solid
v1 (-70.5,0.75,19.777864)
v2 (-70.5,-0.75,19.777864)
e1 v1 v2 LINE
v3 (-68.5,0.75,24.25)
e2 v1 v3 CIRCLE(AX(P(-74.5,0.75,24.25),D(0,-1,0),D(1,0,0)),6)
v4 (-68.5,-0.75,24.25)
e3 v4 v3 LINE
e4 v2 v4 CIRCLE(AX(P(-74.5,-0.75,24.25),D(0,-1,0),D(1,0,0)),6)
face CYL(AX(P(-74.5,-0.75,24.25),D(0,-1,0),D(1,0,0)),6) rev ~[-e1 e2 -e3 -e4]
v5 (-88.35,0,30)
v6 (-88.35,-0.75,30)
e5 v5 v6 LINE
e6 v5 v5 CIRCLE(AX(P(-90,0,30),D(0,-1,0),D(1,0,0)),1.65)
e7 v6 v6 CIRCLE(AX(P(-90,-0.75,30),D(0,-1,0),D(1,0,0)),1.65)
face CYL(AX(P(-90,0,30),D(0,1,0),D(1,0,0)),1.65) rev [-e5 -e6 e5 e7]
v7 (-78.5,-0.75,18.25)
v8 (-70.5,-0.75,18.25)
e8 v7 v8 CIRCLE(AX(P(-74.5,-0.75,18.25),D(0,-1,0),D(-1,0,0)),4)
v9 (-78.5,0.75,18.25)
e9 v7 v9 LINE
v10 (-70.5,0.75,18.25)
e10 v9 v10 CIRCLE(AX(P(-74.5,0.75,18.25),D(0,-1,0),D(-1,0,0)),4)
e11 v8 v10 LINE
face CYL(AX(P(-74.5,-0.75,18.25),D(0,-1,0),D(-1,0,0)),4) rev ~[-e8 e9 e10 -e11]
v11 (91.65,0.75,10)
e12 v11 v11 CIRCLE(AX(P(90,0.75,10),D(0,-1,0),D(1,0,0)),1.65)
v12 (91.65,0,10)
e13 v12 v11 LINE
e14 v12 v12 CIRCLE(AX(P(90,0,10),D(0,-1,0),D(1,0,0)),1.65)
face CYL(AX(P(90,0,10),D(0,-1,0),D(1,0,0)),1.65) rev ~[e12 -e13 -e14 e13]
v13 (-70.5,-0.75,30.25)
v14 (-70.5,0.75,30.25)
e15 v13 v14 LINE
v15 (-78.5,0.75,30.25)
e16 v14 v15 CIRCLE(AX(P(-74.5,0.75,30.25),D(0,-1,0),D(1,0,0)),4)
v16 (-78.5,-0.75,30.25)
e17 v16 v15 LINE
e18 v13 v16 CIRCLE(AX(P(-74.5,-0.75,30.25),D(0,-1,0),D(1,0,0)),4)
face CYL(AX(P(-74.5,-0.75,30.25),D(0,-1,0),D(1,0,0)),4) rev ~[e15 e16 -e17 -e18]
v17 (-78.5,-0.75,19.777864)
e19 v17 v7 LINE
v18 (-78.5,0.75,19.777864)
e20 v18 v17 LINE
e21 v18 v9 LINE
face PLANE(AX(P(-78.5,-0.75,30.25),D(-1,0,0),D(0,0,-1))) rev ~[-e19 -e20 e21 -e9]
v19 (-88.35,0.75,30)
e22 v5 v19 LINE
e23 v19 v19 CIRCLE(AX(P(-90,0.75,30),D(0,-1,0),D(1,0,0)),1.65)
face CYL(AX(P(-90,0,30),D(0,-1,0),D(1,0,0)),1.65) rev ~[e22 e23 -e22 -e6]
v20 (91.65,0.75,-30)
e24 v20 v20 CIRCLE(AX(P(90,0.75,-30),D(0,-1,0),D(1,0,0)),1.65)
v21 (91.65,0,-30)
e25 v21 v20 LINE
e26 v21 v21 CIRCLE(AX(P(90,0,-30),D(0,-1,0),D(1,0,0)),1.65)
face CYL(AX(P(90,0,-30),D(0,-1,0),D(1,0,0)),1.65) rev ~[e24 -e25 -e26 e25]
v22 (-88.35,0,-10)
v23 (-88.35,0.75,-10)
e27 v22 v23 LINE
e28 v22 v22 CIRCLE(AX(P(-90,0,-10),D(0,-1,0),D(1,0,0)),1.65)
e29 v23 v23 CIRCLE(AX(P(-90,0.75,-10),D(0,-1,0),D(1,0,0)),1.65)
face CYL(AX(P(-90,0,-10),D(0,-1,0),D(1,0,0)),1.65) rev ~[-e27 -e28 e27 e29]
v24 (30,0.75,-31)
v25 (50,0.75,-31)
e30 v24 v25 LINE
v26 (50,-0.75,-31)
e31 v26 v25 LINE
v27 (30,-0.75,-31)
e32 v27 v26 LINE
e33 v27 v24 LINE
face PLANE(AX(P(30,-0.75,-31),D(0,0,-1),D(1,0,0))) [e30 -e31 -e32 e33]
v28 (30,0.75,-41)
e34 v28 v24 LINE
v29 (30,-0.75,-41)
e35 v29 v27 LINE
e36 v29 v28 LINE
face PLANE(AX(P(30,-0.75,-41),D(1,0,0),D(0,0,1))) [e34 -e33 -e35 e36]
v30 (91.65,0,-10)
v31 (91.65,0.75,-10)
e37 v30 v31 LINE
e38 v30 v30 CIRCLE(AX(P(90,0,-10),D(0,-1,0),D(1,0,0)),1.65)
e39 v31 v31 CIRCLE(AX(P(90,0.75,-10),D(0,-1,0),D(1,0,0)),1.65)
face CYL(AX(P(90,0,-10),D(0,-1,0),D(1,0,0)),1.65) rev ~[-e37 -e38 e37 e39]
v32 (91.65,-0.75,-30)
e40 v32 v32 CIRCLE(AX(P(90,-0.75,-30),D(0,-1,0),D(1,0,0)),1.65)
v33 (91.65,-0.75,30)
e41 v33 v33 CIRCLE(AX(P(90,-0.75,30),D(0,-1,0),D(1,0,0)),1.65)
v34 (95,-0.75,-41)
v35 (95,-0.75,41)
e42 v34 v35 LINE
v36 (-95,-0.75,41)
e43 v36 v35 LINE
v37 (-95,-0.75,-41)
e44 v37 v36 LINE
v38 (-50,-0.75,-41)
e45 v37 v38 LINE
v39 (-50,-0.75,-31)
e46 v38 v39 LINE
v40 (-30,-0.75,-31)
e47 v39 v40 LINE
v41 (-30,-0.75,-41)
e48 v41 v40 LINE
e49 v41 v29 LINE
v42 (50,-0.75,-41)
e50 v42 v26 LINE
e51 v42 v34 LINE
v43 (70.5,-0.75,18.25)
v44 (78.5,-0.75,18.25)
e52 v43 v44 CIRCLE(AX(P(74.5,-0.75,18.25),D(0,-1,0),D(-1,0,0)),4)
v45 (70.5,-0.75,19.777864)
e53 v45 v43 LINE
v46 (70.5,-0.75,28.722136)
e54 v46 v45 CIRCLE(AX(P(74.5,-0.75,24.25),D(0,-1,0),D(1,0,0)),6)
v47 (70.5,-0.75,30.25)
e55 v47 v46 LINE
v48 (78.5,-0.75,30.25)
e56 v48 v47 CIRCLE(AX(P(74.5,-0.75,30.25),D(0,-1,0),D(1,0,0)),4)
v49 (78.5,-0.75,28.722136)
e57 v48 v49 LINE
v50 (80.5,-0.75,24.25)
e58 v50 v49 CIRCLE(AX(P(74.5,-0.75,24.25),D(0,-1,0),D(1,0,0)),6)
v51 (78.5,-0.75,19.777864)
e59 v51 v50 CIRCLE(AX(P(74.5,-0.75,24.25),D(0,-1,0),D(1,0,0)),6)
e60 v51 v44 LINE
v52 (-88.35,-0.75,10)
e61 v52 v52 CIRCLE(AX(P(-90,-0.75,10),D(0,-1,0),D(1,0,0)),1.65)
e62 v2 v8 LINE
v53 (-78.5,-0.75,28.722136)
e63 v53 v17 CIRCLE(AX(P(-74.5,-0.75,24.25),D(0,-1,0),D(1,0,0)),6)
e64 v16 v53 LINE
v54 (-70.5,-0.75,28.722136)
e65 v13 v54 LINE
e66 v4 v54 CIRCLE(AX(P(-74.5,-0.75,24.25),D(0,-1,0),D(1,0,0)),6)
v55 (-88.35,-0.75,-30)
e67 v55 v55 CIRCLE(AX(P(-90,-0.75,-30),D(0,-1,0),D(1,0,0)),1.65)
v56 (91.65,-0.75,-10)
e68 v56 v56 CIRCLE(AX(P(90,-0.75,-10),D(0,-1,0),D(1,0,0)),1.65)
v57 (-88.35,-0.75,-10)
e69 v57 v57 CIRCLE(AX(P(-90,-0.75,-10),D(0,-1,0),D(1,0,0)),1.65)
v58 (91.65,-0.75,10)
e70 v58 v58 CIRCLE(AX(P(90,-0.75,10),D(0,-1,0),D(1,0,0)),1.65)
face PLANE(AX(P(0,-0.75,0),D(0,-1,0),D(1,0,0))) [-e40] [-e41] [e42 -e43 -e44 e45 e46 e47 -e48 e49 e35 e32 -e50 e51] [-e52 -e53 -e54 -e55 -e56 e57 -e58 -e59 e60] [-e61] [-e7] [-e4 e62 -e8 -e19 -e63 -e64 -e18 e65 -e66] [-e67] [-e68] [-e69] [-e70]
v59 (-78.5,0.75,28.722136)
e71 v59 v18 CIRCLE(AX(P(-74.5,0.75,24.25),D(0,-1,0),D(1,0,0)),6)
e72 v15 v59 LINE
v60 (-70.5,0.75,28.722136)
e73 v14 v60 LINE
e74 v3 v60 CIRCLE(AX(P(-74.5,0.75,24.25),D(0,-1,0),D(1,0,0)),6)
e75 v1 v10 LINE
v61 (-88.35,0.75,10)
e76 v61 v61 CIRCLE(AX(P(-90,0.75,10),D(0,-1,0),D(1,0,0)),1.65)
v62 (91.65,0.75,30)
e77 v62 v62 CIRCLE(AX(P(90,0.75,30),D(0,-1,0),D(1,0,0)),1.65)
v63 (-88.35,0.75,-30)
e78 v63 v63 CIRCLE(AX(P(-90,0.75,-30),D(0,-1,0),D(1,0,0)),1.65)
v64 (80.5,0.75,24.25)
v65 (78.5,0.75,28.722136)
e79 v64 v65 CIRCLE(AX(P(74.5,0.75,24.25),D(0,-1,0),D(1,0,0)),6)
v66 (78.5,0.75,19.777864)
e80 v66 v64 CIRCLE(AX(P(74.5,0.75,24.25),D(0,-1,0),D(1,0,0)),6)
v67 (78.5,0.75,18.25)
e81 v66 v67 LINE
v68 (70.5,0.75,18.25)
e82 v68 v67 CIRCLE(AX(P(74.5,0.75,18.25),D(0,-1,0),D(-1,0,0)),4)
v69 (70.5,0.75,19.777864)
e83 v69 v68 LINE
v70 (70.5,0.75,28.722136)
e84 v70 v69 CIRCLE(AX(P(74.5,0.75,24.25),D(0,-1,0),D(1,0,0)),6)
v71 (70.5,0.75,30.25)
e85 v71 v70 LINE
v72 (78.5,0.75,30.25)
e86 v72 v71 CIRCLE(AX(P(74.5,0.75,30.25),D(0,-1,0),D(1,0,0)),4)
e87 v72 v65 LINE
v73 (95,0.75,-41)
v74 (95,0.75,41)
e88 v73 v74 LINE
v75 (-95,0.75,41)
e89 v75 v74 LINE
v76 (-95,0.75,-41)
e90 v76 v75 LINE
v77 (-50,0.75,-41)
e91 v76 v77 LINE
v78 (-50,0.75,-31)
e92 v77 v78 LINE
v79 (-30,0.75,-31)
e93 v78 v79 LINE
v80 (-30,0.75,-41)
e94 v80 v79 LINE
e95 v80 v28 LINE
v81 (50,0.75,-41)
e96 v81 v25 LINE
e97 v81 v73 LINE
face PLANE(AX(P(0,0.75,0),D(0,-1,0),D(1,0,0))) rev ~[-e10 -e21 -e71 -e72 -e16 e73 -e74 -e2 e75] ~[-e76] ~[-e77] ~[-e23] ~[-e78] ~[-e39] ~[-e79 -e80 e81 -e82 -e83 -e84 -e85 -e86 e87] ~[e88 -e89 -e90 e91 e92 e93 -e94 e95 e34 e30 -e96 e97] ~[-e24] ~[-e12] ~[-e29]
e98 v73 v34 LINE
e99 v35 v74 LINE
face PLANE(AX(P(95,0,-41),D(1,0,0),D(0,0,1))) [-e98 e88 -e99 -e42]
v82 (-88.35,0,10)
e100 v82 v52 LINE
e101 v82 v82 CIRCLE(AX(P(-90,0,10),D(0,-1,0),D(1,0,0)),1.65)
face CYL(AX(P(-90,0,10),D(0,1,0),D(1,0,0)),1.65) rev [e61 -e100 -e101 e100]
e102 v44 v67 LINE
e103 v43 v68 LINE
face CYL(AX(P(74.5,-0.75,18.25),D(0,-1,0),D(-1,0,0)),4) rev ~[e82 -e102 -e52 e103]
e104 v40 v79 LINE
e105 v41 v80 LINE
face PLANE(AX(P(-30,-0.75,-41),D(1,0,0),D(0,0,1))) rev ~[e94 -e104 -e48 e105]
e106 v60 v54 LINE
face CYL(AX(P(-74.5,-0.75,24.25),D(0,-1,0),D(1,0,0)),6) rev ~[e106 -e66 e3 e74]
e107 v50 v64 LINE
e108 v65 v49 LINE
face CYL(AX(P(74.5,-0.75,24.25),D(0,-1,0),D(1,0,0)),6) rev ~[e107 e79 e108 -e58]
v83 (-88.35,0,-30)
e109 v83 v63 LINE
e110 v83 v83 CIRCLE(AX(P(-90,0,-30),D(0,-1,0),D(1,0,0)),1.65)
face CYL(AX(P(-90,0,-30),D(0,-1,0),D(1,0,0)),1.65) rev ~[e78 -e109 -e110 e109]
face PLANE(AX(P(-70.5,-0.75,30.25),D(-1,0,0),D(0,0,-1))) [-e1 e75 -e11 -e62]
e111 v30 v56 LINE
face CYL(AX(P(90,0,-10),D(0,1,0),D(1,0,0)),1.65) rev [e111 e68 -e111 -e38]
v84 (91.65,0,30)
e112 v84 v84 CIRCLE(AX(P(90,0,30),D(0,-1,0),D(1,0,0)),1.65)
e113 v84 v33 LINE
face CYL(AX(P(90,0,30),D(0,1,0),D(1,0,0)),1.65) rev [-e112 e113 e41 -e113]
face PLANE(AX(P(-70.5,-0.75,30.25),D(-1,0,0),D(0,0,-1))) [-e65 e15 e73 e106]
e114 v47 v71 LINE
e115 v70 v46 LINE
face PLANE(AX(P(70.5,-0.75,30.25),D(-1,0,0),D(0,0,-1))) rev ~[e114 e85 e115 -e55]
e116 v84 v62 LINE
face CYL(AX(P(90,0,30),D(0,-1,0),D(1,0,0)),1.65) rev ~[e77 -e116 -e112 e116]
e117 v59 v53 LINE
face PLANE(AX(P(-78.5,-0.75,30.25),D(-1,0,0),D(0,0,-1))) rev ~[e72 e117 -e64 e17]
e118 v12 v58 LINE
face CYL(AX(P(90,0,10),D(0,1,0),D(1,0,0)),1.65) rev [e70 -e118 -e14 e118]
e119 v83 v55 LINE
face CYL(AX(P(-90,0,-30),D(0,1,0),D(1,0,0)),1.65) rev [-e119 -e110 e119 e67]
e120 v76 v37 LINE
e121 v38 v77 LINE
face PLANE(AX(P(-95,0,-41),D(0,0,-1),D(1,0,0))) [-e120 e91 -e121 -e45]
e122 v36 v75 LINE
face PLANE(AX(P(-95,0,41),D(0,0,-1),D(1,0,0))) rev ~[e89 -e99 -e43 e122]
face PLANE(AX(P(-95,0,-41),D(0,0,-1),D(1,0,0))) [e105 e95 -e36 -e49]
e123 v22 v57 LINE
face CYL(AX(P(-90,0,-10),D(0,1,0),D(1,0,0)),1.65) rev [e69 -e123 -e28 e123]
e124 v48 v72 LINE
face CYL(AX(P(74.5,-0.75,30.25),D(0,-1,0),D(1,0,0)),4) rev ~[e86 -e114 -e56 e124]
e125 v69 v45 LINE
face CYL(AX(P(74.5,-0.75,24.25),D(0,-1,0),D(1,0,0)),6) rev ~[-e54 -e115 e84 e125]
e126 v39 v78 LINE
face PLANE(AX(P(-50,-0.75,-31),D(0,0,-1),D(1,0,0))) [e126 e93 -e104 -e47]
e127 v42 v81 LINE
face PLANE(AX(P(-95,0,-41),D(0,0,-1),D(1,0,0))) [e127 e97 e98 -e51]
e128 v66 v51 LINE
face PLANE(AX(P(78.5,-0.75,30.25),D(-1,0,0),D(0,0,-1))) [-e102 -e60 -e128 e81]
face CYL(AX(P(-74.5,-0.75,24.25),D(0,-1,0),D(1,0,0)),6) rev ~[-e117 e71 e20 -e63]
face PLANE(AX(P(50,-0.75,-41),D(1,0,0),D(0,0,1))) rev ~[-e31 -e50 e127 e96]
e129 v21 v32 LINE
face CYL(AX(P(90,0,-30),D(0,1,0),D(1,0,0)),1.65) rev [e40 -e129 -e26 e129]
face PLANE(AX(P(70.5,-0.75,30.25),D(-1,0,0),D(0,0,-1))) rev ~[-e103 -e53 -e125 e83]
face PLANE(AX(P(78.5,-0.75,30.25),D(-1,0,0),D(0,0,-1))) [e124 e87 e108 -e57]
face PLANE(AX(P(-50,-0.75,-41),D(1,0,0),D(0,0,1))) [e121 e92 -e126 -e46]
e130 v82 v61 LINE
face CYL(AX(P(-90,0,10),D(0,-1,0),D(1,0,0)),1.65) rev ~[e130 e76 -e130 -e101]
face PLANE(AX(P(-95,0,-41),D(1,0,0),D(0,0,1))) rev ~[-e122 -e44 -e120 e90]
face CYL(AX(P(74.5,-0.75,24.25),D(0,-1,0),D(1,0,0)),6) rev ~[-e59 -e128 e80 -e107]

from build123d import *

# Parameters (mm, degrees)
SKETCH_W        = 190
SKETCH_H        = 82
SKETCH_R        = 1.65
PAD_DEPTH       = 0.75
PAD_DEPTH_BACK  = 0.75
SKETCH001_W     = 20
SKETCH001_H     = 10
POCKET_DEPTH    = 1.501
POCKET001_DEPTH = 1.501
SKETCH003_R     = 6
POCKET002_DEPTH = 1.501


with BuildPart() as part:
    # Sketch → Pad (new body, two sides)
    with BuildSketch(Plane.XZ) as pad_sk:
        Rectangle(SKETCH_W, SKETCH_H)
        with Locations((90, 30)):
            Circle(SKETCH_R, mode=Mode.SUBTRACT)
        with Locations((90, 10)):
            Circle(SKETCH_R, mode=Mode.SUBTRACT)
        with Locations((90, -30)):
            Circle(SKETCH_R, mode=Mode.SUBTRACT)
        with Locations((90, -10)):
            Circle(SKETCH_R, mode=Mode.SUBTRACT)
        with Locations((-90, 30)):
            Circle(SKETCH_R, mode=Mode.SUBTRACT)
        with Locations((-90, 10)):
            Circle(SKETCH_R, mode=Mode.SUBTRACT)
        with Locations((-90, -30)):
            Circle(SKETCH_R, mode=Mode.SUBTRACT)
        with Locations((-90, -10)):
            Circle(SKETCH_R, mode=Mode.SUBTRACT)
    extrude(amount=PAD_DEPTH)
    extrude(pad_sk.sketch, amount=-PAD_DEPTH_BACK)

    # Sketch001 (on Face14 of Pad) → Pocket (cut, through all)
    with BuildSketch(Plane.XZ.offset(0.75)):
        with Locations((-40, -36)):
            Rectangle(SKETCH001_W, SKETCH001_H)
        with Locations((40, -36)):
            Rectangle(SKETCH001_W, SKETCH001_H)
    extrude(amount=-POCKET_DEPTH, mode=Mode.SUBTRACT)

    # Sketch002 (on Face5 of Pocket) → Pocket001 (cut, through all)
    with BuildSketch(Plane.XZ.offset(0.75)):
        with BuildLine():
            ThreePointArc((78.5, 30.25), (74.5, 34.25), (70.5, 30.25))
            Line((70.5, 30.25), (70.5, 18.25))
            ThreePointArc((70.5, 18.25), (74.5, 14.25), (78.5, 18.25))
            Line((78.5, 30.25), (78.5, 18.25))
        make_face()
        with BuildLine():
            ThreePointArc((-70.5, 30.25), (-74.5, 34.25), (-78.5, 30.25))
            Line((-78.5, 30.25), (-78.5, 18.25))
            ThreePointArc((-78.5, 18.25), (-74.5, 14.25), (-70.5, 18.25))
            Line((-70.5, 30.25), (-70.5, 18.25))
        make_face()
    extrude(amount=-POCKET001_DEPTH, mode=Mode.SUBTRACT)

    # Sketch003 (on Face5 of Pocket001) → Pocket002 (cut, through all)
    with BuildSketch(Plane.XZ.offset(0.75)):
        with Locations((-74.5, 24.25)):
            Circle(SKETCH003_R)
        with Locations((74.5, 24.25)):
            Circle(SKETCH003_R)
    extrude(amount=-POCKET002_DEPTH, mode=Mode.SUBTRACT)


solid = part.part
